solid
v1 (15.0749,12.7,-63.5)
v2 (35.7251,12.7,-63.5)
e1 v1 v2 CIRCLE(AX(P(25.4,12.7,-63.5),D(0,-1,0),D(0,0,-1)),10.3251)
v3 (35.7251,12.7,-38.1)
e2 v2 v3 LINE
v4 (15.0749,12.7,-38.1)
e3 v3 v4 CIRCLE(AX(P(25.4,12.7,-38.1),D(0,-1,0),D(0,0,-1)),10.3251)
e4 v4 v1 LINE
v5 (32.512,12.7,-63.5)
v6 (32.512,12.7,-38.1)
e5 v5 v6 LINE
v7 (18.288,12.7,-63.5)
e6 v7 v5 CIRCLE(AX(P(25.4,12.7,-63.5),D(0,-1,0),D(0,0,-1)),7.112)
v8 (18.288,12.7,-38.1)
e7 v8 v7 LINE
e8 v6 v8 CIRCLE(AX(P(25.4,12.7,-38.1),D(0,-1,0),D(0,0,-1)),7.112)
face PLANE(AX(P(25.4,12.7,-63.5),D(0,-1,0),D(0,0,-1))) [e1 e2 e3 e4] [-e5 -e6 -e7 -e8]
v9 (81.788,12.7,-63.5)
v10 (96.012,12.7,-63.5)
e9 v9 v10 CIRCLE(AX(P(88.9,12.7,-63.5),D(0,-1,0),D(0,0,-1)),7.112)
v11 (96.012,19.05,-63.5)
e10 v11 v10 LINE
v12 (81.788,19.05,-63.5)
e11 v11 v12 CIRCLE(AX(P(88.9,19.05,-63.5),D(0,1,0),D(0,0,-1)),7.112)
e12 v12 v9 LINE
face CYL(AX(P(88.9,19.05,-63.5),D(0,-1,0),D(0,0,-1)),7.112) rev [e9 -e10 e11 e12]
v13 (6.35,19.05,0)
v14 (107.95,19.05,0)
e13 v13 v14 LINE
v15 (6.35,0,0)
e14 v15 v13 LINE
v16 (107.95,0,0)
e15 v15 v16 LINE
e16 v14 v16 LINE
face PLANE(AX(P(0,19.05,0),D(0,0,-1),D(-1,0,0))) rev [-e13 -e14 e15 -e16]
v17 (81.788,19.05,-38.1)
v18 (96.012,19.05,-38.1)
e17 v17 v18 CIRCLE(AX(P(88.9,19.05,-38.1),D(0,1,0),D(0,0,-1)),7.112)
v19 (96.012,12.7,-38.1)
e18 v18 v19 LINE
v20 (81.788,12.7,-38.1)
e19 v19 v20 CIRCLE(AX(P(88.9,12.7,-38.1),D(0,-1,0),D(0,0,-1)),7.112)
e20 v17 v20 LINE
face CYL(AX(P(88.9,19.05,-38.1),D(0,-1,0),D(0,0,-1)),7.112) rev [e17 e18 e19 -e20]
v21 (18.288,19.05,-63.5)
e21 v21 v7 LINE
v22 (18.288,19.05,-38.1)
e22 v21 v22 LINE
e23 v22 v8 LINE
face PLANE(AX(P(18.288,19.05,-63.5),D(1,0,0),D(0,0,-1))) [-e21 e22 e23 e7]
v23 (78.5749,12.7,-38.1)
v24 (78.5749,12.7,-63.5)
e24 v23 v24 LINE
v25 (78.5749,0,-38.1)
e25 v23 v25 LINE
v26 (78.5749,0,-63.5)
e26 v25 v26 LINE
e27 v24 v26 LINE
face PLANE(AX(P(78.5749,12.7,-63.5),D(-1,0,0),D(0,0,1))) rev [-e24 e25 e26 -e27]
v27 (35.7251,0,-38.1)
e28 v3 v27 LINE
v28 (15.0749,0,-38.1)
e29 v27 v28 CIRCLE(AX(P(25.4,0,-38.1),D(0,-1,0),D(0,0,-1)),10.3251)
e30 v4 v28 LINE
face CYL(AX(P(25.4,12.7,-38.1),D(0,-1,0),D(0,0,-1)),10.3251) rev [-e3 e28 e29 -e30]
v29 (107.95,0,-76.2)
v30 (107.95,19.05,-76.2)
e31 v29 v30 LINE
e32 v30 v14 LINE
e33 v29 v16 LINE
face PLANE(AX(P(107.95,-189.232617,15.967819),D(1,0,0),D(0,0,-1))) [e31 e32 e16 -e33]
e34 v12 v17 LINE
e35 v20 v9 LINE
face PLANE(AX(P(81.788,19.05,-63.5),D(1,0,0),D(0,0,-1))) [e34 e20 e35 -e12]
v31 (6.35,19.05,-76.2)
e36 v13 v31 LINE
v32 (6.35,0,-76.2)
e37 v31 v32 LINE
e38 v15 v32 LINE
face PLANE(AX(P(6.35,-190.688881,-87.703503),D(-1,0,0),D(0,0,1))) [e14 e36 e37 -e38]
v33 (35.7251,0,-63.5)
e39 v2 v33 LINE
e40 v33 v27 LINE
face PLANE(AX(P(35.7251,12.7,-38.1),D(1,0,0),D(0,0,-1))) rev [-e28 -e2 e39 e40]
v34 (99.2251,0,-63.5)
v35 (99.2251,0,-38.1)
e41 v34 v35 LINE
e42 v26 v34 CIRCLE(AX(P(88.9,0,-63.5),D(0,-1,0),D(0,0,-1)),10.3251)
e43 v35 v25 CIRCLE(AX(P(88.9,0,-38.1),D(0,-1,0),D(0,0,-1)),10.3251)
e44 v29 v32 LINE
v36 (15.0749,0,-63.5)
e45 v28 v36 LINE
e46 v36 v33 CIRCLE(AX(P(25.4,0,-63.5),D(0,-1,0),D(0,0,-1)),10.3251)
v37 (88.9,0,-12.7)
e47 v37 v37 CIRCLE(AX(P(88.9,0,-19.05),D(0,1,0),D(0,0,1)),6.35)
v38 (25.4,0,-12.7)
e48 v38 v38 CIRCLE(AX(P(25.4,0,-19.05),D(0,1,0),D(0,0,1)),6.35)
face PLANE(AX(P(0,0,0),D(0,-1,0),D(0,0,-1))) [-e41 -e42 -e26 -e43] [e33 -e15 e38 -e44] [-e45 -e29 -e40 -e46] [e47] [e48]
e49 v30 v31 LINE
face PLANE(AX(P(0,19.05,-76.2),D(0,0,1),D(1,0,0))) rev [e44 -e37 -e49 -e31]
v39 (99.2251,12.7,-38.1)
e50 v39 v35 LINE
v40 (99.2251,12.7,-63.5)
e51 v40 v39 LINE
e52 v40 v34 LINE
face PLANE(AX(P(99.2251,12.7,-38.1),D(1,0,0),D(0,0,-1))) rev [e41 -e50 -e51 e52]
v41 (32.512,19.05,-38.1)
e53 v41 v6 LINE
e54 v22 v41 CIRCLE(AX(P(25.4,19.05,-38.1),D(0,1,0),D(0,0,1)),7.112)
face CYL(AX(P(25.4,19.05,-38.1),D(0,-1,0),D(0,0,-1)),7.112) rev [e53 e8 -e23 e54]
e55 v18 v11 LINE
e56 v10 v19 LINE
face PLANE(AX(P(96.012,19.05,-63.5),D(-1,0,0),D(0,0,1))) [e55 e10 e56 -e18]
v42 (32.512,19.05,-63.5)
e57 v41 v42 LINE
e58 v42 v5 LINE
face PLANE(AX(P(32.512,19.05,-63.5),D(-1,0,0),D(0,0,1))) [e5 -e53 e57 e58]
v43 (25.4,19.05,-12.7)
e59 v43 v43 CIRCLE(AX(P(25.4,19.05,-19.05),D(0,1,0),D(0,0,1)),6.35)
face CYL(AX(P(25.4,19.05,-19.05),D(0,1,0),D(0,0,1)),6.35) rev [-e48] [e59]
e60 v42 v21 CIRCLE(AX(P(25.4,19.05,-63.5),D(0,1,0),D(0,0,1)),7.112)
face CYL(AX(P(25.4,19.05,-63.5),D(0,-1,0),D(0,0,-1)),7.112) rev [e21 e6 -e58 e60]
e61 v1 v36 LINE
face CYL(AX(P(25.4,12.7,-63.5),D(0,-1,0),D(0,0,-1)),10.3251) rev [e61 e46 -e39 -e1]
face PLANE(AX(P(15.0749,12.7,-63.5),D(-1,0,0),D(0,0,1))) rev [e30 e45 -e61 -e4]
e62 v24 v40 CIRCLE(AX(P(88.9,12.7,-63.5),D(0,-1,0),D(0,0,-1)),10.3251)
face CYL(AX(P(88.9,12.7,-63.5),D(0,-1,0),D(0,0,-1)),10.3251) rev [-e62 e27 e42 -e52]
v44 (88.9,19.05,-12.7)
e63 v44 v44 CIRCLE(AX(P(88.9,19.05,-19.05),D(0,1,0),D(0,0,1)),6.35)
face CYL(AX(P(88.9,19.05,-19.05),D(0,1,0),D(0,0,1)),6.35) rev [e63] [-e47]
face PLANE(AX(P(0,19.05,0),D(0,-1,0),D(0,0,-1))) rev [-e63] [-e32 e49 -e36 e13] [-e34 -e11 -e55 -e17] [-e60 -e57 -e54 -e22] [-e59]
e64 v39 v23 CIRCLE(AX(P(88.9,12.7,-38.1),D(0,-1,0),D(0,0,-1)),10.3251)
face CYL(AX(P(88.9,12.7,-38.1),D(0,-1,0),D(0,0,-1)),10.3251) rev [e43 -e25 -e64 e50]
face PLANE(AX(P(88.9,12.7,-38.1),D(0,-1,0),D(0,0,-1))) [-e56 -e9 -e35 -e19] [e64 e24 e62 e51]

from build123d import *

# Parameters (mm, degrees)
SKETCH1_W               = 114.3
SKETCH1_H               = 76.2
BASE_EXTRUDE_DEPTH      = 19.05
F_1_2_20_TAPPED_HOLE1_D = 12.7
CUT_EXTRUDE1_DEPTH      = 12.7
CUT_EXTRUDE2_DEPTH      = 12.7
SKETCH7_W               = 6.35
SKETCH7_H               = 76.2
CUT_EXTRUDE3_DEPTH      = 1
CUT_EXTRUDE3_DEPTH_BACK = 20.05
SKETCH8_W               = 6.35
SKETCH8_H               = 76.2
CUT_EXTRUDE4_DEPTH      = 1
CUT_EXTRUDE4_DEPTH_BACK = 20.05


with BuildPart() as part:
    # Sketch1 → Base-Extrude (new body)
    with BuildSketch(Plane(origin=(0, 0, 0), x_dir=(1, 0, 0), z_dir=(0, 1, 0))):
        with Locations((57.15, 38.1)):
            Rectangle(SKETCH1_W, SKETCH1_H)
        with BuildLine():
            Line((96.012, 63.5), (96.012, 38.1))
            ThreePointArc((96.012, 38.1), (88.9, 30.988), (81.788, 38.1))
            Line((81.788, 38.1), (81.788, 63.5))
            ThreePointArc((81.788, 63.5), (88.9, 70.612), (96.012, 63.5))
        make_face(mode=Mode.SUBTRACT)
        with BuildLine():
            Line((18.288, 63.5), (18.288, 38.1))
            ThreePointArc((18.288, 38.1), (25.4, 30.988), (32.512, 38.1))
            Line((32.512, 38.1), (32.512, 63.5))
            ThreePointArc((32.512, 63.5), (25.4, 70.612), (18.288, 63.5))
        make_face(mode=Mode.SUBTRACT)
    extrude(amount=BASE_EXTRUDE_DEPTH)

    # 1/2-20 Tapped Hole1 (through all)
    with Locations(Plane(origin=(0, 19.05, 0), x_dir=(-1, 0, 0), z_dir=(0, 1, 0))):
        with Locations((-25.4, -19.05), (-88.9, -19.05)):
            Hole(F_1_2_20_TAPPED_HOLE1_D / 2)

    # Sketch4 → Cut-Extrude1 (cut)
    with BuildSketch(Plane.XZ):
        with BuildLine():
            Line((15.0749, -63.5), (15.0749, -38.1))
            ThreePointArc((15.0749, -38.1), (25.4, -27.7749), (35.7251, -38.1))
            Line((35.7251, -38.1), (35.7251, -63.5))
            ThreePointArc((35.7251, -63.5), (25.4, -73.8251), (15.0749, -63.5))
        make_face()
    extrude(amount=-CUT_EXTRUDE1_DEPTH, mode=Mode.SUBTRACT)

    # Sketch5 → Cut-Extrude2 (cut)
    with BuildSketch(Plane.XZ):
        with BuildLine():
            Line((99.2251, -38.1), (99.2251, -63.5))
            ThreePointArc((99.2251, -63.5), (88.9, -73.8251), (78.5749, -63.5))
            Line((78.5749, -63.5), (78.5749, -38.1))
            ThreePointArc((78.5749, -38.1), (88.9, -27.7749), (99.2251, -38.1))
        make_face()
    extrude(amount=-CUT_EXTRUDE2_DEPTH, mode=Mode.SUBTRACT)

    # Sketch7 → Cut-Extrude3 (cut, two sides)
    with BuildSketch(Plane.XZ) as cut_extrude3_sk:
        with Locations((111.125, -38.1)):
            Rectangle(SKETCH7_W, SKETCH7_H)
    extrude(amount=CUT_EXTRUDE3_DEPTH, mode=Mode.SUBTRACT)
    extrude(cut_extrude3_sk.sketch, amount=-CUT_EXTRUDE3_DEPTH_BACK, mode=Mode.SUBTRACT)

    # Sketch8 → Cut-Extrude4 (cut, two sides)
    with BuildSketch(Plane.XZ) as cut_extrude4_sk:
        with Locations((3.175, -38.1)):
            Rectangle(SKETCH8_W, SKETCH8_H)
    extrude(amount=CUT_EXTRUDE4_DEPTH, mode=Mode.SUBTRACT)
    extrude(cut_extrude4_sk.sketch, amount=-CUT_EXTRUDE4_DEPTH_BACK, mode=Mode.SUBTRACT)


solid = part.part
